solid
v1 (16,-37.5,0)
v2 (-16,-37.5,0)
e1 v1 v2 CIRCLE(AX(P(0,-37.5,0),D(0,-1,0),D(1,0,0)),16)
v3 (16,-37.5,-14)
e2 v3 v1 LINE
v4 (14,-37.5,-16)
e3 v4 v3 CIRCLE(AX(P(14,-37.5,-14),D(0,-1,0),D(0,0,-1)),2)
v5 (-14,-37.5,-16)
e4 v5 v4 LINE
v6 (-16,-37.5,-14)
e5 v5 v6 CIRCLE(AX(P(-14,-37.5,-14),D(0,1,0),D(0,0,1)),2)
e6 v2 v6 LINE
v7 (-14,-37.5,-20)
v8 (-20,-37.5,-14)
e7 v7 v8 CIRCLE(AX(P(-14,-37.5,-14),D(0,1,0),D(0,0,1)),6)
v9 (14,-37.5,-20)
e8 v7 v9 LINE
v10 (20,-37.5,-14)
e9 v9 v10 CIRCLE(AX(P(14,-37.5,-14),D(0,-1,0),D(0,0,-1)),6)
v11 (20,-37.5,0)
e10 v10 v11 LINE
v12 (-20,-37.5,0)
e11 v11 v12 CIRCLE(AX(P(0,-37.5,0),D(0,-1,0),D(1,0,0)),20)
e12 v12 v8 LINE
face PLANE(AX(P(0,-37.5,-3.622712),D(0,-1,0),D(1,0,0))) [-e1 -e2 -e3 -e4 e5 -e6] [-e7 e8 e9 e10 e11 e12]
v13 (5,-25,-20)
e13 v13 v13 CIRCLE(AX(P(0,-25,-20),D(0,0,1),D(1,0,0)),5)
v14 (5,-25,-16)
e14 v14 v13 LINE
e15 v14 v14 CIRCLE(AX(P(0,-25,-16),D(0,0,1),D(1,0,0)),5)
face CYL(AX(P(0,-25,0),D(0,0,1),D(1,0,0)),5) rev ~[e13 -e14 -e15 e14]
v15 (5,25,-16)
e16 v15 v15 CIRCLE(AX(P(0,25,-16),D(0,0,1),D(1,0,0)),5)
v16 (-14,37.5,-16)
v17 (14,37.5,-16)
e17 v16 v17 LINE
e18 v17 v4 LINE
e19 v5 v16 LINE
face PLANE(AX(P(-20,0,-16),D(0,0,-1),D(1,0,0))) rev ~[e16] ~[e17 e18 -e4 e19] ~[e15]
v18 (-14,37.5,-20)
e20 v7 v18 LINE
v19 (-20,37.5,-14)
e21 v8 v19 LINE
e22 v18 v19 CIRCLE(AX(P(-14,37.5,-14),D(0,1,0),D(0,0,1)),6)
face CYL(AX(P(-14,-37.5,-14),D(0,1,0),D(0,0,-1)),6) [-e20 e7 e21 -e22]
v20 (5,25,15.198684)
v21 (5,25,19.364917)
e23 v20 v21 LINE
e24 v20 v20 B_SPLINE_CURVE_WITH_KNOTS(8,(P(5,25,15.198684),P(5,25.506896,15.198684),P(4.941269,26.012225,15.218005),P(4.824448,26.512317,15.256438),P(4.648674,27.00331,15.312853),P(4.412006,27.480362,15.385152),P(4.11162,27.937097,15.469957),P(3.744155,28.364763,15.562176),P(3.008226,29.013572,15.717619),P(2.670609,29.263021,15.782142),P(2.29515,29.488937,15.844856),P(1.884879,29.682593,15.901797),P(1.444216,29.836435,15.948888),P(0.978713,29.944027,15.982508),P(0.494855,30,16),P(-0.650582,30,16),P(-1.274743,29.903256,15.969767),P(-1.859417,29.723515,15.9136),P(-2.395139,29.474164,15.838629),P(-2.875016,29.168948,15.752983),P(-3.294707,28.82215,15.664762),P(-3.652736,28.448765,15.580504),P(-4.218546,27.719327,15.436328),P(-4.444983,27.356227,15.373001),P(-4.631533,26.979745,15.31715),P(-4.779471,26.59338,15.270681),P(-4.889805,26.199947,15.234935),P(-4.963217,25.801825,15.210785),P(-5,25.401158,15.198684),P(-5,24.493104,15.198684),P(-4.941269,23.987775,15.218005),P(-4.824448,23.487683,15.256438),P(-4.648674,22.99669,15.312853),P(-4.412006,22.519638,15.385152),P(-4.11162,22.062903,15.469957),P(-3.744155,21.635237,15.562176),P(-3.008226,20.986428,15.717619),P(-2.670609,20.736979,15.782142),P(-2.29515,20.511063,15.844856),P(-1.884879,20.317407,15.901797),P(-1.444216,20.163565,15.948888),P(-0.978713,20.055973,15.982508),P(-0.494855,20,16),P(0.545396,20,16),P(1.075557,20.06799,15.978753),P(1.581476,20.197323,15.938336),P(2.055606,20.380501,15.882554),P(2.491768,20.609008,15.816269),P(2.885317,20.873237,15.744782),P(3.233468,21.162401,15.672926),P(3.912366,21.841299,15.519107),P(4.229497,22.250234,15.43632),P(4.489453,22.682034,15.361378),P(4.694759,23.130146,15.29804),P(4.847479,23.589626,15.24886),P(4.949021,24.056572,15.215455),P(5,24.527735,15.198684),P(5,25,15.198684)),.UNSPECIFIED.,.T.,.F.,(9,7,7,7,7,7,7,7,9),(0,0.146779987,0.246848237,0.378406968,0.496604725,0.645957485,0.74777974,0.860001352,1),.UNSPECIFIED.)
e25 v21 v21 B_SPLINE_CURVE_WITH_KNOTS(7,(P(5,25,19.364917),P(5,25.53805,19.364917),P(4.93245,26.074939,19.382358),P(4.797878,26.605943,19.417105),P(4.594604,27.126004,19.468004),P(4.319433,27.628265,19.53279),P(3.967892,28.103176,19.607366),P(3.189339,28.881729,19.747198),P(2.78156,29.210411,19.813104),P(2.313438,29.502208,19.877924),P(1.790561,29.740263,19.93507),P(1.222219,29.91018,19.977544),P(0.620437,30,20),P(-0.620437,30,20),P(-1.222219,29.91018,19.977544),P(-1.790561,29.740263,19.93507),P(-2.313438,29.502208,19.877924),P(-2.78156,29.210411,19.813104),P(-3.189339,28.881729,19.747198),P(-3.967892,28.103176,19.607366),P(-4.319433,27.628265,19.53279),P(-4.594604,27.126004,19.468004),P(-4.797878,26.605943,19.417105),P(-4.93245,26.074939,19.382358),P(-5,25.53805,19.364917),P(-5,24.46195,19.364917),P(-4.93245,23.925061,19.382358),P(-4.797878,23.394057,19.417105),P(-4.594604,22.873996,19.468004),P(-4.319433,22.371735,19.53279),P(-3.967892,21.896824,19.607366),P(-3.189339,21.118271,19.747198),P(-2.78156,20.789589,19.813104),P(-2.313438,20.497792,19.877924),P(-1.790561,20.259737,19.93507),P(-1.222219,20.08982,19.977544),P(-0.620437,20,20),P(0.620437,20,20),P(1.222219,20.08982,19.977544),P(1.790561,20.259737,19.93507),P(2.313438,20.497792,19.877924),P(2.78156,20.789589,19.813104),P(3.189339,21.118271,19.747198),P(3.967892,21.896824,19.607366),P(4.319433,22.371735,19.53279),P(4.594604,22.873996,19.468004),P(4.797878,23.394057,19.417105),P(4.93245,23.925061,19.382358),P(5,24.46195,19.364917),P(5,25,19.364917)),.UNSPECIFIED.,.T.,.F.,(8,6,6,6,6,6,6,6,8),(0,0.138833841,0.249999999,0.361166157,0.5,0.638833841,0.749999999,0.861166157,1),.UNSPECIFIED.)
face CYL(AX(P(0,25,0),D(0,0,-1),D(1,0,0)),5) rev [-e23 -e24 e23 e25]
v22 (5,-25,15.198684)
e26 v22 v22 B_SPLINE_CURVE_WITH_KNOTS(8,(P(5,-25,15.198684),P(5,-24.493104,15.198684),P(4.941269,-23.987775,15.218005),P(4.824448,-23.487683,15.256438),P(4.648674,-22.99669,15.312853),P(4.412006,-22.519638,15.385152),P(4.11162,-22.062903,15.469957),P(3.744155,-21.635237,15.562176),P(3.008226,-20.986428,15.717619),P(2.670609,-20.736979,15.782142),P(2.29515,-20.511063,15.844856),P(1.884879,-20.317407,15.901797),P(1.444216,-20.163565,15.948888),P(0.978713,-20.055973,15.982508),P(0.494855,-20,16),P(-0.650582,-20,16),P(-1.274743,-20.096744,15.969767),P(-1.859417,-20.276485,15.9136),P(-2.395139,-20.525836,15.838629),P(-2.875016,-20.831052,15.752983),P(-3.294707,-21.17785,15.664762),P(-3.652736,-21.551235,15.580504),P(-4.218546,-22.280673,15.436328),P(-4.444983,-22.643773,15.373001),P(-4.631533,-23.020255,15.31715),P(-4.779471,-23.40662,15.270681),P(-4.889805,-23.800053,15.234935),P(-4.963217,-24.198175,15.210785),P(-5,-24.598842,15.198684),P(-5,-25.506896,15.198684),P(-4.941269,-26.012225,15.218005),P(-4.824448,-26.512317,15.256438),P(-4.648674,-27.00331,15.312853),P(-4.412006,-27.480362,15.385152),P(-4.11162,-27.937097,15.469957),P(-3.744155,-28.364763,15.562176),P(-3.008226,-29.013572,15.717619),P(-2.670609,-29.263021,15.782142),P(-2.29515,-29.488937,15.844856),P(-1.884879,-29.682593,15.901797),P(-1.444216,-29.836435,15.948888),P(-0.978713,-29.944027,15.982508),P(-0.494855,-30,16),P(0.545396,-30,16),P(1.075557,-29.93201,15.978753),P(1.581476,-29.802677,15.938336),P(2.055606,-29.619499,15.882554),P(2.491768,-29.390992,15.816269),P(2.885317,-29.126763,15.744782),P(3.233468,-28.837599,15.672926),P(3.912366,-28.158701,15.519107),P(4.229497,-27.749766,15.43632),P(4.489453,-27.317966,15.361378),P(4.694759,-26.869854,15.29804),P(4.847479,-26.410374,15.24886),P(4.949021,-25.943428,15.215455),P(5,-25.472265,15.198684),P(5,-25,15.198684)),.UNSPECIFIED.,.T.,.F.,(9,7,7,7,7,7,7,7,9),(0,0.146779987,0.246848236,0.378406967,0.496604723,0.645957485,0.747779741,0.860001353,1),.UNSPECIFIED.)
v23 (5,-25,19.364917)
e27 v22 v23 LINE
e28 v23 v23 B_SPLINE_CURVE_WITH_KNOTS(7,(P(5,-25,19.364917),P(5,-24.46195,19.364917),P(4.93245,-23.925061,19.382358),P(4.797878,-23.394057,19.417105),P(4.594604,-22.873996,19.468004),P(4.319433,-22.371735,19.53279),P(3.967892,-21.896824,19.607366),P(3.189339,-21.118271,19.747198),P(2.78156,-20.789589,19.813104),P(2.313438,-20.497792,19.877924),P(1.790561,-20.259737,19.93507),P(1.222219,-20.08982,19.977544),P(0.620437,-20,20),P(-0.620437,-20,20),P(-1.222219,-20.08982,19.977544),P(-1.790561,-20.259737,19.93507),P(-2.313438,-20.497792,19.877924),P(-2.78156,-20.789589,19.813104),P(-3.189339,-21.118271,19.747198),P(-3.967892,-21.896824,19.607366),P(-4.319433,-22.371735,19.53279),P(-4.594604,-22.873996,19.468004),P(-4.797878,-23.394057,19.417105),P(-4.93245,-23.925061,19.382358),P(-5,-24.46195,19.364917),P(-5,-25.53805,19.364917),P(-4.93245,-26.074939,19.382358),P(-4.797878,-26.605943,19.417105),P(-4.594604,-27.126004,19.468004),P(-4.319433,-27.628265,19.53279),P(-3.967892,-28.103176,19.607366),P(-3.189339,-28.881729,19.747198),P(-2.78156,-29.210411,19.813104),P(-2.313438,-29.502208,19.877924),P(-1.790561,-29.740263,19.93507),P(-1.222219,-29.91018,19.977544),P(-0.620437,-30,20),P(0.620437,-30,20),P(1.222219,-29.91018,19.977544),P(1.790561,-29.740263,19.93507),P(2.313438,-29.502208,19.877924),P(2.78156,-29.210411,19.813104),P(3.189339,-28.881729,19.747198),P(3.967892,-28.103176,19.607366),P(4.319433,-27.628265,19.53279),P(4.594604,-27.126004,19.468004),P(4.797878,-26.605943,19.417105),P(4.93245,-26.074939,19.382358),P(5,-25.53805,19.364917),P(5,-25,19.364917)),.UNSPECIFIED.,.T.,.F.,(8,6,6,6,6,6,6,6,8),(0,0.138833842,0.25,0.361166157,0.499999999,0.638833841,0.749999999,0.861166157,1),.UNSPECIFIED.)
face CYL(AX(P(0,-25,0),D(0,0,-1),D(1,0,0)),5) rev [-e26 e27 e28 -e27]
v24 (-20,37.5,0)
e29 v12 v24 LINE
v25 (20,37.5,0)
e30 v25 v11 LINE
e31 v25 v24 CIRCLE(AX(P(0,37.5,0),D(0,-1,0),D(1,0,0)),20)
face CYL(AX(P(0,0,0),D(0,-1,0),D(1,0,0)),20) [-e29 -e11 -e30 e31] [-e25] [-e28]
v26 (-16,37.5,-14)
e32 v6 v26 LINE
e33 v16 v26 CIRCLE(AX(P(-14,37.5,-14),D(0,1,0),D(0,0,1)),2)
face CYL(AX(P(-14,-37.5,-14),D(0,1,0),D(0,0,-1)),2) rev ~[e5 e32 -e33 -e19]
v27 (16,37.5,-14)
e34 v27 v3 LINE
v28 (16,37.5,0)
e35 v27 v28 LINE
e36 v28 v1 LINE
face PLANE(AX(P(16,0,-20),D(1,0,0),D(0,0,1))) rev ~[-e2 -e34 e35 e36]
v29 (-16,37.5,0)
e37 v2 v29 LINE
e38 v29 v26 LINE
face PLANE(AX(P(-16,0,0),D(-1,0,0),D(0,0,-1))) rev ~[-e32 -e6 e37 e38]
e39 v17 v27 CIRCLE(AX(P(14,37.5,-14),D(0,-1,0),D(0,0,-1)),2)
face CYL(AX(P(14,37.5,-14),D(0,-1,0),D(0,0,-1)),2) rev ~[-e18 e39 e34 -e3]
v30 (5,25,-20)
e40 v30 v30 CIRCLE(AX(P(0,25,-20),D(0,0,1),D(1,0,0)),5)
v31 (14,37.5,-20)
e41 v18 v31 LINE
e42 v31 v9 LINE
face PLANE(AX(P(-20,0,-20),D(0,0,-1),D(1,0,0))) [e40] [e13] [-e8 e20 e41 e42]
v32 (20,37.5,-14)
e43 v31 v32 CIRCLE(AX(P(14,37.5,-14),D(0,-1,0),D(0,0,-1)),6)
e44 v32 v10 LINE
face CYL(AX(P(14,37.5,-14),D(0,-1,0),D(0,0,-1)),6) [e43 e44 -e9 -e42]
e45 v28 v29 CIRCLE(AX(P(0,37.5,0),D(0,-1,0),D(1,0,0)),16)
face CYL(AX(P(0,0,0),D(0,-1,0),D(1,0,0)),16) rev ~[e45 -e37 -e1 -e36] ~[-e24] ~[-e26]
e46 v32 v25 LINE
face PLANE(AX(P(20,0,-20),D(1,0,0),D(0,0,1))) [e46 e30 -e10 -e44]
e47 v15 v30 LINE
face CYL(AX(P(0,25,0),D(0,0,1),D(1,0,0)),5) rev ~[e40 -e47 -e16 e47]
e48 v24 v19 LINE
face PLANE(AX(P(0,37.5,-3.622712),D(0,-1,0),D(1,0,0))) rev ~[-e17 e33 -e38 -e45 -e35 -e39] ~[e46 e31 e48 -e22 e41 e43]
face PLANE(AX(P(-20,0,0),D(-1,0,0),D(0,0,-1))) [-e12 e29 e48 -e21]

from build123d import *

# Parameters (mm, degrees)
F1_DEPTH      = 37.5
F2_R          = 6
F3_T          = -4
F4_R          = 5
F5_DEPTH      = 20.001
F5_DEPTH_BACK = 20.001


with BuildPart() as f1:
    # F0 (on Front) → F1 (new body, symmetric)
    with BuildSketch(Plane.XZ):
        with BuildLine():
            Line((-20, -20), (20, -20))
            Line((20, -20), (20, 0))
            ThreePointArc((20, 0), (0, 20), (-20, 0))
            Line((-20, 0), (-20, -20))
        make_face()
    extrude(amount=F1_DEPTH, both=True)

    # F2
    f2_edges = [f1.edges().sort_by_distance(p)[0] for p in [
        (20, 0, -20),
        (-20, 0, -20),
    ]]
    fillet(f2_edges, radius=F2_R)

    # F3
    f3_openings = [f1.faces().sort_by_distance(p)[0] for p in [
        (0, -37.5, -1.683349),
        (0, 37.5, -1.683349),
    ]]
    offset(amount=F3_T, openings=f3_openings)

    # F4 (on Top) → F5 (cut, two sides)
    with BuildSketch(Plane.XY) as f5_sk:
        with Locations((0, -25)):
            Circle(F4_R)
        with Locations((0, 25)):
            Circle(F4_R)
    extrude(amount=-F5_DEPTH, mode=Mode.SUBTRACT)
    extrude(f5_sk.sketch, amount=F5_DEPTH_BACK, mode=Mode.SUBTRACT)


solid = f1.part
